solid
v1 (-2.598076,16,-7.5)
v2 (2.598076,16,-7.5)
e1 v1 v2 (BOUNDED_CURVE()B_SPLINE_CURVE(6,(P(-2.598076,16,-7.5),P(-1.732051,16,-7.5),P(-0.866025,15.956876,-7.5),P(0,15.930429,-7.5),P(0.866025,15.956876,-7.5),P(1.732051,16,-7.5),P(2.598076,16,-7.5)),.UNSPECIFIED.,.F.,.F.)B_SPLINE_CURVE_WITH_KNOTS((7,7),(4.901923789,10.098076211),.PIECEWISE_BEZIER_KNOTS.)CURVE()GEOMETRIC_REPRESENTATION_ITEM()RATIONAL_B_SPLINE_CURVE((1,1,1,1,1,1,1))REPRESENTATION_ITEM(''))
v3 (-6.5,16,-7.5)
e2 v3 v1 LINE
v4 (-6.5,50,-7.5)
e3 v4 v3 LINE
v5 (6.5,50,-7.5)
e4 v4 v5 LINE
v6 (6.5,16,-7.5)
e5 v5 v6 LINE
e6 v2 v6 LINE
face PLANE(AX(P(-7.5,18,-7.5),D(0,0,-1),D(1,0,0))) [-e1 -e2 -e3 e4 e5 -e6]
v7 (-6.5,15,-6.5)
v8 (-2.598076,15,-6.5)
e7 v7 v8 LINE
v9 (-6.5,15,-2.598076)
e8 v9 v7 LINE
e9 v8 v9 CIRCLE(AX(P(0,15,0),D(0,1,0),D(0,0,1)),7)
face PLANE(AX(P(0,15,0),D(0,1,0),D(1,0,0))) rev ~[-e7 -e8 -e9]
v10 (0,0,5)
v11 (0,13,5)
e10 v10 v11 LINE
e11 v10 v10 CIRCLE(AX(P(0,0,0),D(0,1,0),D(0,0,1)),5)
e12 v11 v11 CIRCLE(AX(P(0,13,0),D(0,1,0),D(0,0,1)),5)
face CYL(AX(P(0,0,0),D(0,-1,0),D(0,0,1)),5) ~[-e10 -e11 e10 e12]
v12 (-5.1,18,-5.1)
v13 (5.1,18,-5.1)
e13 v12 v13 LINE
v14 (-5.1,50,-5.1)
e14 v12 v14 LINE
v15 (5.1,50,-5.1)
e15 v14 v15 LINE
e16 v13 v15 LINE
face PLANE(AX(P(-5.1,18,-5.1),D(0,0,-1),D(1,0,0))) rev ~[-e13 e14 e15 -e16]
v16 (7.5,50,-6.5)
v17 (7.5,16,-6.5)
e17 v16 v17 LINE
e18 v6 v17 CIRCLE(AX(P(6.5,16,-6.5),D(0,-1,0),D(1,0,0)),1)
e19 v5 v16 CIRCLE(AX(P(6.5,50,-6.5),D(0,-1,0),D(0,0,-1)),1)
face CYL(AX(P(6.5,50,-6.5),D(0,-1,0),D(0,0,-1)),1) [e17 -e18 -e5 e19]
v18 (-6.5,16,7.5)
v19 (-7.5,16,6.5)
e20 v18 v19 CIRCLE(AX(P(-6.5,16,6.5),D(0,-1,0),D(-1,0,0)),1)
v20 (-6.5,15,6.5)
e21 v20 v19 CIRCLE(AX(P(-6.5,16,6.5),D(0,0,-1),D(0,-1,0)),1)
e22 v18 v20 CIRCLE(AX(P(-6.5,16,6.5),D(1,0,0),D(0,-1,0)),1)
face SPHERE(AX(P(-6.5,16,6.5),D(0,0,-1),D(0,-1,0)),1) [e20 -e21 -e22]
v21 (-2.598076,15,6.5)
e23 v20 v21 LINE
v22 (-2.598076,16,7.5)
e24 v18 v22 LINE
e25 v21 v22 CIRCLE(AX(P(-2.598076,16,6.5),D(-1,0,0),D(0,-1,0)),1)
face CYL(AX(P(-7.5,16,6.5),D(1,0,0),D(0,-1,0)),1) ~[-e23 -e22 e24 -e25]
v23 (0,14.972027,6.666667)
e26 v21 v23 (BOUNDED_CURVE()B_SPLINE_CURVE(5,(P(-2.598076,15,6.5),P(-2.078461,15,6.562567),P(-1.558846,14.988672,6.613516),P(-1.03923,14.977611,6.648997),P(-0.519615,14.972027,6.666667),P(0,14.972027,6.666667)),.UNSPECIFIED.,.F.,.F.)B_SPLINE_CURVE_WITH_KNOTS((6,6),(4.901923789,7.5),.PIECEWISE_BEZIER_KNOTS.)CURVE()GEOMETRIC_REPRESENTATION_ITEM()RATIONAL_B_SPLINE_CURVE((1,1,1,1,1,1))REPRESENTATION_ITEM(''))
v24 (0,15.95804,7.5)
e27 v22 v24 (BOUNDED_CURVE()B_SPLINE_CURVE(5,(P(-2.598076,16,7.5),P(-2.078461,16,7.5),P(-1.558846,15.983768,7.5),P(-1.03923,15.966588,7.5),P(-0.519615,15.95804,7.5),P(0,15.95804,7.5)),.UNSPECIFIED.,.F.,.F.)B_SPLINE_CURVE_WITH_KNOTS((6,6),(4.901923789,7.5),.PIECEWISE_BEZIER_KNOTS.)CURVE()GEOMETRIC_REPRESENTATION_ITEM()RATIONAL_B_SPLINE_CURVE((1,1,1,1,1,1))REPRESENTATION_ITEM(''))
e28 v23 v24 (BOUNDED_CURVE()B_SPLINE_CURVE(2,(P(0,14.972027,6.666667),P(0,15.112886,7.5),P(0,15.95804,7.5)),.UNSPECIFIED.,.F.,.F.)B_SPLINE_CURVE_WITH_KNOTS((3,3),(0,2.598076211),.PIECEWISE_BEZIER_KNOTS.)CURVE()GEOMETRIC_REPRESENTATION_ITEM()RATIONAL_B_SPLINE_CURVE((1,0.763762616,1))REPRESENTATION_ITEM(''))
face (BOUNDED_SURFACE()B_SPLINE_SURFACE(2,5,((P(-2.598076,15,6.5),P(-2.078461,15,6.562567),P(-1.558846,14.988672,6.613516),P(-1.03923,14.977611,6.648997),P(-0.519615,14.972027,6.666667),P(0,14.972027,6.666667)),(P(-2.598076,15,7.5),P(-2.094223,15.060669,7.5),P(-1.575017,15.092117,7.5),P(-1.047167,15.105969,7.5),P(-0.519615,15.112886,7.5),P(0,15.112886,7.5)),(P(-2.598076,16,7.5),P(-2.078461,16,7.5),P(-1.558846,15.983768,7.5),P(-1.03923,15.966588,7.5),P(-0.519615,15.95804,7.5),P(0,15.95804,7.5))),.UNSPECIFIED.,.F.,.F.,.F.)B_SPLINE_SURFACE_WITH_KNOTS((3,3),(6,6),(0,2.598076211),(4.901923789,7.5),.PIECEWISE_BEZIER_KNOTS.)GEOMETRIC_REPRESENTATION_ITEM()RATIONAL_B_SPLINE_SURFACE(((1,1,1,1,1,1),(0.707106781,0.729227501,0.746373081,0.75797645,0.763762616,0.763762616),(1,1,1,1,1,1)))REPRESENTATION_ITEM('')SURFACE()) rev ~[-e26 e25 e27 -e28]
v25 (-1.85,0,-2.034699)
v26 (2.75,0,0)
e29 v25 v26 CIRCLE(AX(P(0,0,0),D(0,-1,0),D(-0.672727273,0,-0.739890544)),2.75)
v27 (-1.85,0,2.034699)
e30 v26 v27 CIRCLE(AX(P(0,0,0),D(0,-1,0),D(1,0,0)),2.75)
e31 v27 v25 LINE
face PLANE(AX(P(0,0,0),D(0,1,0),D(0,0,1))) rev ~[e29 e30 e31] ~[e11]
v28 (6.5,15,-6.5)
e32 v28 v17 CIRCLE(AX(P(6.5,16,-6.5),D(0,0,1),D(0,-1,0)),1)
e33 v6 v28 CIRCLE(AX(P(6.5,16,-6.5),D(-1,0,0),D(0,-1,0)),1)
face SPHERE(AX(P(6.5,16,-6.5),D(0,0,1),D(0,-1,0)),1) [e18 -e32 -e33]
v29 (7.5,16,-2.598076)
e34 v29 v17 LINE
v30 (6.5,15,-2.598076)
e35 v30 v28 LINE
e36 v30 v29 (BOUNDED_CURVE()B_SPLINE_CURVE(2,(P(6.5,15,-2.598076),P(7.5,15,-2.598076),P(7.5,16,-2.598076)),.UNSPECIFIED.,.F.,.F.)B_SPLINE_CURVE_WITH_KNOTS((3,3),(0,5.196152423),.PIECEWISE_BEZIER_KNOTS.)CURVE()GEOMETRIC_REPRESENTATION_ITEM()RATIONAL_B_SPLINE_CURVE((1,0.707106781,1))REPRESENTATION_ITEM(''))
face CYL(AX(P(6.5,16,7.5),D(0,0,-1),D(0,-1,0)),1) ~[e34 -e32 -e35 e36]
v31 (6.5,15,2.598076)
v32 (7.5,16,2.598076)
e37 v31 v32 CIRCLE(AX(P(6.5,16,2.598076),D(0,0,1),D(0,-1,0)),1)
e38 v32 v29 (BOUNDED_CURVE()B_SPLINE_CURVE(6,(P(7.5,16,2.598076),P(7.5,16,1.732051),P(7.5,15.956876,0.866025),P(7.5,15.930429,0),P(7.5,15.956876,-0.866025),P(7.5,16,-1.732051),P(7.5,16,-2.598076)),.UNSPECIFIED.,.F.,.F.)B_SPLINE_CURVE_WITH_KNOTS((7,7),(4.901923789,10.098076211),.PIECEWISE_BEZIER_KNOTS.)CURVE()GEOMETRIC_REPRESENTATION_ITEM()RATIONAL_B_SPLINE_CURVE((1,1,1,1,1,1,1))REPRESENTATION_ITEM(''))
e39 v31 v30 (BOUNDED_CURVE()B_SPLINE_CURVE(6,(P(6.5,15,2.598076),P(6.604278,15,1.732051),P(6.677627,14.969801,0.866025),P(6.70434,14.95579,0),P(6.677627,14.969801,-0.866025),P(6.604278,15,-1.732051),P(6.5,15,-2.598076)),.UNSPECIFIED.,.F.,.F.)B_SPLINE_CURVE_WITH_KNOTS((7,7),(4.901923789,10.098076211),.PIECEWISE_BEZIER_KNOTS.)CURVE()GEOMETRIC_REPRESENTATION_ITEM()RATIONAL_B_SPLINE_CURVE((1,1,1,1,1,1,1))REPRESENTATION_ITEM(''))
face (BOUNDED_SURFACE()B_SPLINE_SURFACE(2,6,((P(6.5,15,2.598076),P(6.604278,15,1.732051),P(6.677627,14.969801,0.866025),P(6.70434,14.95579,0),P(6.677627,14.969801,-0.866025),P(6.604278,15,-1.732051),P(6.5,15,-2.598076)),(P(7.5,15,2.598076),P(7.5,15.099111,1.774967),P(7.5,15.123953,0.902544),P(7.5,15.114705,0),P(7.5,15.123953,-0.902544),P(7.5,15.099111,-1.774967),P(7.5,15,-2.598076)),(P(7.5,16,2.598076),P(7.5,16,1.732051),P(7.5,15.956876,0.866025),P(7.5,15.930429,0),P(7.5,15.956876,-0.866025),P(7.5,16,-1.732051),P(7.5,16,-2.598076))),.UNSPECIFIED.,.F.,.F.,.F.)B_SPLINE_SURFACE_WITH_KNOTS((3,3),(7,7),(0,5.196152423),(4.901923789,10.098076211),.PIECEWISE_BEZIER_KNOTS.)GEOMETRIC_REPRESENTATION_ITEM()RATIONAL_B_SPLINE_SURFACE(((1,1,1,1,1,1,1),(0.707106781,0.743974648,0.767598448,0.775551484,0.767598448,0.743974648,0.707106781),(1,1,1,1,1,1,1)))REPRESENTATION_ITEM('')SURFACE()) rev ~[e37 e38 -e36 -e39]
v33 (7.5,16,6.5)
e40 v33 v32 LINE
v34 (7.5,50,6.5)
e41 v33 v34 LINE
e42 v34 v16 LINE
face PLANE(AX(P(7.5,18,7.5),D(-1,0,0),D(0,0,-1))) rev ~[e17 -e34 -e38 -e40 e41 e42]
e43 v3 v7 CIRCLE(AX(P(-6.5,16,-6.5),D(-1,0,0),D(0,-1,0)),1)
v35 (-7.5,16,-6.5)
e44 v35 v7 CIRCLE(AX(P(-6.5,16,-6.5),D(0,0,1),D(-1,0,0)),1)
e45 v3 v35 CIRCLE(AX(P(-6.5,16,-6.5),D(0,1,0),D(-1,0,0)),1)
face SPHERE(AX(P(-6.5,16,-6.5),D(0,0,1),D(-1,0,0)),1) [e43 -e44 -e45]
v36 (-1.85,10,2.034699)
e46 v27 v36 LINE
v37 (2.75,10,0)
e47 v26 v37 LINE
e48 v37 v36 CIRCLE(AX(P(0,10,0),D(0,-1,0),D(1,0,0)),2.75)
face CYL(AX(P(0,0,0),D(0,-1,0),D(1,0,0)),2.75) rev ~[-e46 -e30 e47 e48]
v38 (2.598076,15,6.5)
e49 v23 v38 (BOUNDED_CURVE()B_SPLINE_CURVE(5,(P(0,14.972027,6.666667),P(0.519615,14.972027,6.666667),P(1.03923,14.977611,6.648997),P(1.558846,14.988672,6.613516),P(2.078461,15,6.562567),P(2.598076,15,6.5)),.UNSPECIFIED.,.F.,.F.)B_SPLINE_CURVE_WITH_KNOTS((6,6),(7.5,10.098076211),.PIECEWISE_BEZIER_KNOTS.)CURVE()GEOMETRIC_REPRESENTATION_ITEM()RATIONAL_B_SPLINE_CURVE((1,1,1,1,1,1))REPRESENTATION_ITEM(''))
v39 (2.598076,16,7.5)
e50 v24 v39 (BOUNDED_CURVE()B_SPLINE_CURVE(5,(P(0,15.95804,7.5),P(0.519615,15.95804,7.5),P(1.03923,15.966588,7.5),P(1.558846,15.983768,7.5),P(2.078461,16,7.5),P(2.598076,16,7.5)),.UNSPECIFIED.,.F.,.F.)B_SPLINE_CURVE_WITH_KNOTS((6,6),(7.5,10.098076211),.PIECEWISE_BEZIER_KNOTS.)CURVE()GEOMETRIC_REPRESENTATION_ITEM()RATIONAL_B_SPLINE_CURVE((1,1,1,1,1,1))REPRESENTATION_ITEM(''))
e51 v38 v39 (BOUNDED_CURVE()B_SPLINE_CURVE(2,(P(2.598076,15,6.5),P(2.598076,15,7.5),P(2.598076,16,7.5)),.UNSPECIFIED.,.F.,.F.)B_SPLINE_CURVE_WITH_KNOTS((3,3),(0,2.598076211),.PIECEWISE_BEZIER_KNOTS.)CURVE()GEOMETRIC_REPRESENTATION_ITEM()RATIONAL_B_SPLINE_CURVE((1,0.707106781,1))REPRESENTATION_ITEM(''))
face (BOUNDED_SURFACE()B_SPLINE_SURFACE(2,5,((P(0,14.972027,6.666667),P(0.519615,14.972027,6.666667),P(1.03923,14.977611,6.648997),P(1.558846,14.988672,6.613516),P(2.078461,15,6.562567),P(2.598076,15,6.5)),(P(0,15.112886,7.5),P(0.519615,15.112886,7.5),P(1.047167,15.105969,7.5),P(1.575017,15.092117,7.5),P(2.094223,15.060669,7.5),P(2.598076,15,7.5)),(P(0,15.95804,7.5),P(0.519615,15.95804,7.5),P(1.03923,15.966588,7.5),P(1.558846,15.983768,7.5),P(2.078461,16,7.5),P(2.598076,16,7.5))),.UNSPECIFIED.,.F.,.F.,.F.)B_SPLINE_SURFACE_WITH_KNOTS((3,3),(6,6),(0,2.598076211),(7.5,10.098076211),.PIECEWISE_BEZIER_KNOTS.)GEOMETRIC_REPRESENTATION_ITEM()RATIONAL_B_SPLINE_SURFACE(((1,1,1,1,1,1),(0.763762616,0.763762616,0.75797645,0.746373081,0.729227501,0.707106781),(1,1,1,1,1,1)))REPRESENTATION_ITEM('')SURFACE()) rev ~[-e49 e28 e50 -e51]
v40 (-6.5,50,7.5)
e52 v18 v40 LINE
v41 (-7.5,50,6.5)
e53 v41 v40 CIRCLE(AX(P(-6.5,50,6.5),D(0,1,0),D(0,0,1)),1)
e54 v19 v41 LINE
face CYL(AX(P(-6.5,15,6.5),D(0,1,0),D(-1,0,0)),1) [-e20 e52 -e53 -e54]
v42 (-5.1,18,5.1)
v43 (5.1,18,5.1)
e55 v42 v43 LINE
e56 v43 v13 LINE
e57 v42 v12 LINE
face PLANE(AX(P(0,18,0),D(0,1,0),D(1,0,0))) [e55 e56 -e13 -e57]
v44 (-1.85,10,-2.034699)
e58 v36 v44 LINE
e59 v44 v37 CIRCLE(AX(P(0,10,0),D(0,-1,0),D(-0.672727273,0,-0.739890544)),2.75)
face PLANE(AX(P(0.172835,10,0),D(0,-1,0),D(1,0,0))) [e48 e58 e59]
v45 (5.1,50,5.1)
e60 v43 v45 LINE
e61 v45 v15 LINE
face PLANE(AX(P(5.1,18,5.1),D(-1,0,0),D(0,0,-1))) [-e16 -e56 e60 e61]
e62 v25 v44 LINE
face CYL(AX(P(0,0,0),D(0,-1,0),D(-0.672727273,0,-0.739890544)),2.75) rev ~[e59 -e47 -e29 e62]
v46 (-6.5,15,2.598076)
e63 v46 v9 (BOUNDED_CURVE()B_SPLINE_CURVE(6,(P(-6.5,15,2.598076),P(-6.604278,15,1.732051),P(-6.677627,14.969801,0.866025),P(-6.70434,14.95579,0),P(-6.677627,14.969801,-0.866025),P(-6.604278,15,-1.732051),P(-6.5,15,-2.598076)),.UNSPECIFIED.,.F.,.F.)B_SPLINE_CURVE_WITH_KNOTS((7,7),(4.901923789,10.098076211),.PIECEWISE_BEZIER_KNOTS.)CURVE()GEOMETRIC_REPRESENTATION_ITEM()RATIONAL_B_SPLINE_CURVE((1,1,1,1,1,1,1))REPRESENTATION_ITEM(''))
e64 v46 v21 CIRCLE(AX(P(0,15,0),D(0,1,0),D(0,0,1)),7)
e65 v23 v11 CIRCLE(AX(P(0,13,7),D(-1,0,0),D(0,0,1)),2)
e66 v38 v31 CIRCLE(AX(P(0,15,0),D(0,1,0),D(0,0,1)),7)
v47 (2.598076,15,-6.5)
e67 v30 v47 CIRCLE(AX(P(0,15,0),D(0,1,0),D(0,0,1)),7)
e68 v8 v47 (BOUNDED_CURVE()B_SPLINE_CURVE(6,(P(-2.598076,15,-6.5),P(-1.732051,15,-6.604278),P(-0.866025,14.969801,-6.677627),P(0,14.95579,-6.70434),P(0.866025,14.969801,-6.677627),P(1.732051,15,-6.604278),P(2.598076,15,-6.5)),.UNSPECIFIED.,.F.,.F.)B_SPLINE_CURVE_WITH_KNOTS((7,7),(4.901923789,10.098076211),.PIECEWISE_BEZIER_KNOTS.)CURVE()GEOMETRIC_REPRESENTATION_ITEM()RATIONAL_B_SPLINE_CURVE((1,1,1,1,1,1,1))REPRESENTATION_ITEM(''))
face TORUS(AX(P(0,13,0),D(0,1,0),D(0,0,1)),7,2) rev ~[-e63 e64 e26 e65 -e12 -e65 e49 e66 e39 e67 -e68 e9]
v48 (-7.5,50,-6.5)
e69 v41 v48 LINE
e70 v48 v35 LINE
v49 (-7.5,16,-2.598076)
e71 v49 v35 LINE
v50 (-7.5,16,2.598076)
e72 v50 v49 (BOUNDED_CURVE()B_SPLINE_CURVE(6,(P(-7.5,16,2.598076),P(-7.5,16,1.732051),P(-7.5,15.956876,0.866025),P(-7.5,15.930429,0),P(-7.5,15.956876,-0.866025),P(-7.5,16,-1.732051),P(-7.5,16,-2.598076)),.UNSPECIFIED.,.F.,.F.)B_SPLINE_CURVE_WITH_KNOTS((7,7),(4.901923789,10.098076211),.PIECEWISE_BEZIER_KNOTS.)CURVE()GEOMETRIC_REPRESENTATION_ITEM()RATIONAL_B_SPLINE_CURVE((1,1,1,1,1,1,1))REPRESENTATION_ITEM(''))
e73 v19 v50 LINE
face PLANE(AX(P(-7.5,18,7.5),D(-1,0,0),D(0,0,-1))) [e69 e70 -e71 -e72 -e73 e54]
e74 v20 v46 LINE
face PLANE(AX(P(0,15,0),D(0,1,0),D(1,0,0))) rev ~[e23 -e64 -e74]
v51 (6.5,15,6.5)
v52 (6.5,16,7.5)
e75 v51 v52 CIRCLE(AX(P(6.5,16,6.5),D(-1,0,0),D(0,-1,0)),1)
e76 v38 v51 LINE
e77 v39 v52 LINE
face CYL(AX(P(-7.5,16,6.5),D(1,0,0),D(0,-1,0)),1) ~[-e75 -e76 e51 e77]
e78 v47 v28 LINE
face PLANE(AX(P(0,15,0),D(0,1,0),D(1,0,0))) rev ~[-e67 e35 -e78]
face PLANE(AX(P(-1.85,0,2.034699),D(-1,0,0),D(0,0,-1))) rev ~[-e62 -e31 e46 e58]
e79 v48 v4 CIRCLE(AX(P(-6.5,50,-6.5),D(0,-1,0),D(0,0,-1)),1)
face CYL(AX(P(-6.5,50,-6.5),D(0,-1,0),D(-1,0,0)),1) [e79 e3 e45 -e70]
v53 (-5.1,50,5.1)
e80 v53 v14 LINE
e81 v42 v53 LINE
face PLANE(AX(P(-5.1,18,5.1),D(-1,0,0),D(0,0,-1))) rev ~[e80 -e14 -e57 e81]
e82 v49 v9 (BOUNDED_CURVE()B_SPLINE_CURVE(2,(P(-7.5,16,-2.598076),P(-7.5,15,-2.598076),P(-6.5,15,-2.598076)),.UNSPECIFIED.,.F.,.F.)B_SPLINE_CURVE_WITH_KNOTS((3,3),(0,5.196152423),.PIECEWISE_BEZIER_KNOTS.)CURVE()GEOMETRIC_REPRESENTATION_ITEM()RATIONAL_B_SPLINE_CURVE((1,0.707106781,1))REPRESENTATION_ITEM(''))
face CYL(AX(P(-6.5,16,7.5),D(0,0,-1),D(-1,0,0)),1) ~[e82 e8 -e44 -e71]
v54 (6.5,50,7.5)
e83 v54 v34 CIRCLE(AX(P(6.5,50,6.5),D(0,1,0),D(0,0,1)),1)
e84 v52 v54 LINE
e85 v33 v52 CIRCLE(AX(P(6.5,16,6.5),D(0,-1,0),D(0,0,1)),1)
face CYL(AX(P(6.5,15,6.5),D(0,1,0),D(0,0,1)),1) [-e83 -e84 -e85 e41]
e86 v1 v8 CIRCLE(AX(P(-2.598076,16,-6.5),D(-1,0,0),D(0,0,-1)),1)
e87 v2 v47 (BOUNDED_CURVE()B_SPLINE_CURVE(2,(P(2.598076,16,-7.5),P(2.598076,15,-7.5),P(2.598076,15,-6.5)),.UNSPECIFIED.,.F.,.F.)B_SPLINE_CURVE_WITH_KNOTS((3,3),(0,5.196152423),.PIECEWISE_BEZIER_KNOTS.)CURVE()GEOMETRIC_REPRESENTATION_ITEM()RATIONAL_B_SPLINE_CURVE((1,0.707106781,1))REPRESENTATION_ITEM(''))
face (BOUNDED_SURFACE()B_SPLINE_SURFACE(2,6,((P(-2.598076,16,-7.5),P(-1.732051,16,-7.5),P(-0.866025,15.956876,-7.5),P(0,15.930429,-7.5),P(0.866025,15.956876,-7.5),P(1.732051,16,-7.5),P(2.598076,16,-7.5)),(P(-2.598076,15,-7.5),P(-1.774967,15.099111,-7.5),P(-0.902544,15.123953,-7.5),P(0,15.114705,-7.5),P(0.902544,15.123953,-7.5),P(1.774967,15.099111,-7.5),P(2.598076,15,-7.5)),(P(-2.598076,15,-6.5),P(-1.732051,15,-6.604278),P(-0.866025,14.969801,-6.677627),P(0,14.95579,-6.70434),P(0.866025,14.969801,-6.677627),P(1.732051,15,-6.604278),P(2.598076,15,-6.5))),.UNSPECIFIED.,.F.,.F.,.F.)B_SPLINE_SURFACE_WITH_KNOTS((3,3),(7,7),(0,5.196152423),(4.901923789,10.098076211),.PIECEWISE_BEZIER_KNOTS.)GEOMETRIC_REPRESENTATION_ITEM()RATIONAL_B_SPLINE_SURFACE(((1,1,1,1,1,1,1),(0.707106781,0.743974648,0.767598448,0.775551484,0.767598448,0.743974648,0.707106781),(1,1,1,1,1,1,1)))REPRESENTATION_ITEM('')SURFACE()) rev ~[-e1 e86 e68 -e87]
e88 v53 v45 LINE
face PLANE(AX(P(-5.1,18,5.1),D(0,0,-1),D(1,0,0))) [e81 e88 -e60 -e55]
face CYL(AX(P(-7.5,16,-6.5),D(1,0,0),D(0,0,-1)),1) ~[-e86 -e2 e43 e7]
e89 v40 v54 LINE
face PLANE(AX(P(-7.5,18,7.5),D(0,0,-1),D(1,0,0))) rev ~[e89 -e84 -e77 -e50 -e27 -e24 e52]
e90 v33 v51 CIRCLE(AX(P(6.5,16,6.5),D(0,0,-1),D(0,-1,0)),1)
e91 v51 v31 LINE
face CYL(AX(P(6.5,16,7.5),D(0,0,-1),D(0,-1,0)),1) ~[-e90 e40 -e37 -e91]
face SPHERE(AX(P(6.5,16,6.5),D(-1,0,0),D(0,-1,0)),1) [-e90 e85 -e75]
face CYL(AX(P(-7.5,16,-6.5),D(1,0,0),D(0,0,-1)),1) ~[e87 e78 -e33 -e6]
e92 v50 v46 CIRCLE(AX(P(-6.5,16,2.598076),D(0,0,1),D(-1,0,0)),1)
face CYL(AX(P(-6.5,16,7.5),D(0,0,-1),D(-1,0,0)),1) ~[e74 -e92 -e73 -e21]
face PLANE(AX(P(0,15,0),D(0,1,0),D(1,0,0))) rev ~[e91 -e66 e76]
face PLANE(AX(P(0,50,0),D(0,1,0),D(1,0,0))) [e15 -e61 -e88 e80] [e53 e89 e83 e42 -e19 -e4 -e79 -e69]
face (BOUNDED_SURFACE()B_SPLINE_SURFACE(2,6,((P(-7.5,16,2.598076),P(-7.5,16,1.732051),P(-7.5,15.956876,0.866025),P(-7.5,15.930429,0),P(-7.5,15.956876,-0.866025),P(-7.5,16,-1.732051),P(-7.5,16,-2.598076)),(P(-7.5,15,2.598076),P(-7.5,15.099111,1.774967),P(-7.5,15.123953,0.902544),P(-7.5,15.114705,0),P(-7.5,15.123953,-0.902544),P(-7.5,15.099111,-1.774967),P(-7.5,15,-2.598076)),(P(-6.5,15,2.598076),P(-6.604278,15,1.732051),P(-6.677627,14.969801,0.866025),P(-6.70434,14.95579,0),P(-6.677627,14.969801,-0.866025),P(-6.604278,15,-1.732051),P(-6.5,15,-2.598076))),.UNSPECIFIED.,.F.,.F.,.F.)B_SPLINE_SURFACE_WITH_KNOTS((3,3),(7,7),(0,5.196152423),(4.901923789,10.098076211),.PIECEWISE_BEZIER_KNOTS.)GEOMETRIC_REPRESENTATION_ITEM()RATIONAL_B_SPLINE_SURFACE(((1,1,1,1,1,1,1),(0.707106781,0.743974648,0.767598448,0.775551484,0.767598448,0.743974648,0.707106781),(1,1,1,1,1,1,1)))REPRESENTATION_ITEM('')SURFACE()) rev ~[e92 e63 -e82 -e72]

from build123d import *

# Parameters (mm, degrees)
SKETCH_1_R          = 5
EXTRUDE_1_DEPTH     = 15
SKETCH_2_W          = 15
SKETCH_2_H          = 15
EXTRUDE_2_DEPTH     = 3
FILLET_1_R          = 2
SKETCH_3_W          = 15
SKETCH_3_H          = 15
SKETCH_3_W_2        = 10.2
SKETCH_3_H_2        = 10.2
EXTRUDE_3_DEPTH     = 32
CUT_EXTRUDE_1_DEPTH = 10
FILLET_2_R          = 1


with BuildPart() as part:
    # 草图1 → 凸台-拉伸1 (new body)
    with BuildSketch(Plane(origin=(0, 0, 0), x_dir=(1, 0, 0), z_dir=(0, 1, 0))):
        with Locations(Location((0, 0, 0), (0, 0, 270))):
            Circle(SKETCH_1_R)
    extrude(amount=EXTRUDE_1_DEPTH)

    # 草图2 → 凸台-拉伸2 (add)
    with BuildSketch(Plane(origin=(0, 15, 0), x_dir=(1, 0, 0), z_dir=(0, 1, 0))):
        Rectangle(SKETCH_2_W, SKETCH_2_H)
    extrude(amount=EXTRUDE_2_DEPTH)

    # 圆角1
    fillet_1_edges = [part.edges().sort_by_distance(p)[0] for p in [
        (0, 15, -5),
    ]]
    fillet(fillet_1_edges, radius=FILLET_1_R)

    # 草图3 → 凸台-拉伸3 (add)
    with BuildSketch(Plane(origin=(0, 18, 0), x_dir=(1, 0, 0), z_dir=(0, 1, 0))):
        Rectangle(SKETCH_3_W, SKETCH_3_H)
        Rectangle(SKETCH_3_W_2, SKETCH_3_H_2, mode=Mode.SUBTRACT)
    extrude(amount=EXTRUDE_3_DEPTH)

    # 草图4 → 切除-拉伸1 (cut)
    with BuildSketch(Plane.XZ):
        with BuildLine():
            Line((-1.85, 2.034698995), (-1.85, -2.034698995))
            ThreePointArc((-1.85, -2.034698995), (1.112429773, -2.514955268), (2.75, 0))
            ThreePointArc((2.75, 0), (1.112429773, 2.514955268), (-1.85, 2.034698995))
        make_face()
    extrude(amount=-CUT_EXTRUDE_1_DEPTH, mode=Mode.SUBTRACT)

    # 圆角2
    fillet_2_edges = [part.edges().sort_by_distance(p)[0] for p in [
        (-7.5, 15, 0),
        (-7.5, 32.5, -7.5),
        (0, 15, 7.5),
        (-7.5, 32.5, 7.5),
        (7.5, 15, 0),
        (7.5, 32.5, 7.5),
        (0, 15, -7.5),
        (7.5, 32.5, -7.5),
    ]]
    fillet(fillet_2_edges, radius=FILLET_2_R)


solid = part.part
